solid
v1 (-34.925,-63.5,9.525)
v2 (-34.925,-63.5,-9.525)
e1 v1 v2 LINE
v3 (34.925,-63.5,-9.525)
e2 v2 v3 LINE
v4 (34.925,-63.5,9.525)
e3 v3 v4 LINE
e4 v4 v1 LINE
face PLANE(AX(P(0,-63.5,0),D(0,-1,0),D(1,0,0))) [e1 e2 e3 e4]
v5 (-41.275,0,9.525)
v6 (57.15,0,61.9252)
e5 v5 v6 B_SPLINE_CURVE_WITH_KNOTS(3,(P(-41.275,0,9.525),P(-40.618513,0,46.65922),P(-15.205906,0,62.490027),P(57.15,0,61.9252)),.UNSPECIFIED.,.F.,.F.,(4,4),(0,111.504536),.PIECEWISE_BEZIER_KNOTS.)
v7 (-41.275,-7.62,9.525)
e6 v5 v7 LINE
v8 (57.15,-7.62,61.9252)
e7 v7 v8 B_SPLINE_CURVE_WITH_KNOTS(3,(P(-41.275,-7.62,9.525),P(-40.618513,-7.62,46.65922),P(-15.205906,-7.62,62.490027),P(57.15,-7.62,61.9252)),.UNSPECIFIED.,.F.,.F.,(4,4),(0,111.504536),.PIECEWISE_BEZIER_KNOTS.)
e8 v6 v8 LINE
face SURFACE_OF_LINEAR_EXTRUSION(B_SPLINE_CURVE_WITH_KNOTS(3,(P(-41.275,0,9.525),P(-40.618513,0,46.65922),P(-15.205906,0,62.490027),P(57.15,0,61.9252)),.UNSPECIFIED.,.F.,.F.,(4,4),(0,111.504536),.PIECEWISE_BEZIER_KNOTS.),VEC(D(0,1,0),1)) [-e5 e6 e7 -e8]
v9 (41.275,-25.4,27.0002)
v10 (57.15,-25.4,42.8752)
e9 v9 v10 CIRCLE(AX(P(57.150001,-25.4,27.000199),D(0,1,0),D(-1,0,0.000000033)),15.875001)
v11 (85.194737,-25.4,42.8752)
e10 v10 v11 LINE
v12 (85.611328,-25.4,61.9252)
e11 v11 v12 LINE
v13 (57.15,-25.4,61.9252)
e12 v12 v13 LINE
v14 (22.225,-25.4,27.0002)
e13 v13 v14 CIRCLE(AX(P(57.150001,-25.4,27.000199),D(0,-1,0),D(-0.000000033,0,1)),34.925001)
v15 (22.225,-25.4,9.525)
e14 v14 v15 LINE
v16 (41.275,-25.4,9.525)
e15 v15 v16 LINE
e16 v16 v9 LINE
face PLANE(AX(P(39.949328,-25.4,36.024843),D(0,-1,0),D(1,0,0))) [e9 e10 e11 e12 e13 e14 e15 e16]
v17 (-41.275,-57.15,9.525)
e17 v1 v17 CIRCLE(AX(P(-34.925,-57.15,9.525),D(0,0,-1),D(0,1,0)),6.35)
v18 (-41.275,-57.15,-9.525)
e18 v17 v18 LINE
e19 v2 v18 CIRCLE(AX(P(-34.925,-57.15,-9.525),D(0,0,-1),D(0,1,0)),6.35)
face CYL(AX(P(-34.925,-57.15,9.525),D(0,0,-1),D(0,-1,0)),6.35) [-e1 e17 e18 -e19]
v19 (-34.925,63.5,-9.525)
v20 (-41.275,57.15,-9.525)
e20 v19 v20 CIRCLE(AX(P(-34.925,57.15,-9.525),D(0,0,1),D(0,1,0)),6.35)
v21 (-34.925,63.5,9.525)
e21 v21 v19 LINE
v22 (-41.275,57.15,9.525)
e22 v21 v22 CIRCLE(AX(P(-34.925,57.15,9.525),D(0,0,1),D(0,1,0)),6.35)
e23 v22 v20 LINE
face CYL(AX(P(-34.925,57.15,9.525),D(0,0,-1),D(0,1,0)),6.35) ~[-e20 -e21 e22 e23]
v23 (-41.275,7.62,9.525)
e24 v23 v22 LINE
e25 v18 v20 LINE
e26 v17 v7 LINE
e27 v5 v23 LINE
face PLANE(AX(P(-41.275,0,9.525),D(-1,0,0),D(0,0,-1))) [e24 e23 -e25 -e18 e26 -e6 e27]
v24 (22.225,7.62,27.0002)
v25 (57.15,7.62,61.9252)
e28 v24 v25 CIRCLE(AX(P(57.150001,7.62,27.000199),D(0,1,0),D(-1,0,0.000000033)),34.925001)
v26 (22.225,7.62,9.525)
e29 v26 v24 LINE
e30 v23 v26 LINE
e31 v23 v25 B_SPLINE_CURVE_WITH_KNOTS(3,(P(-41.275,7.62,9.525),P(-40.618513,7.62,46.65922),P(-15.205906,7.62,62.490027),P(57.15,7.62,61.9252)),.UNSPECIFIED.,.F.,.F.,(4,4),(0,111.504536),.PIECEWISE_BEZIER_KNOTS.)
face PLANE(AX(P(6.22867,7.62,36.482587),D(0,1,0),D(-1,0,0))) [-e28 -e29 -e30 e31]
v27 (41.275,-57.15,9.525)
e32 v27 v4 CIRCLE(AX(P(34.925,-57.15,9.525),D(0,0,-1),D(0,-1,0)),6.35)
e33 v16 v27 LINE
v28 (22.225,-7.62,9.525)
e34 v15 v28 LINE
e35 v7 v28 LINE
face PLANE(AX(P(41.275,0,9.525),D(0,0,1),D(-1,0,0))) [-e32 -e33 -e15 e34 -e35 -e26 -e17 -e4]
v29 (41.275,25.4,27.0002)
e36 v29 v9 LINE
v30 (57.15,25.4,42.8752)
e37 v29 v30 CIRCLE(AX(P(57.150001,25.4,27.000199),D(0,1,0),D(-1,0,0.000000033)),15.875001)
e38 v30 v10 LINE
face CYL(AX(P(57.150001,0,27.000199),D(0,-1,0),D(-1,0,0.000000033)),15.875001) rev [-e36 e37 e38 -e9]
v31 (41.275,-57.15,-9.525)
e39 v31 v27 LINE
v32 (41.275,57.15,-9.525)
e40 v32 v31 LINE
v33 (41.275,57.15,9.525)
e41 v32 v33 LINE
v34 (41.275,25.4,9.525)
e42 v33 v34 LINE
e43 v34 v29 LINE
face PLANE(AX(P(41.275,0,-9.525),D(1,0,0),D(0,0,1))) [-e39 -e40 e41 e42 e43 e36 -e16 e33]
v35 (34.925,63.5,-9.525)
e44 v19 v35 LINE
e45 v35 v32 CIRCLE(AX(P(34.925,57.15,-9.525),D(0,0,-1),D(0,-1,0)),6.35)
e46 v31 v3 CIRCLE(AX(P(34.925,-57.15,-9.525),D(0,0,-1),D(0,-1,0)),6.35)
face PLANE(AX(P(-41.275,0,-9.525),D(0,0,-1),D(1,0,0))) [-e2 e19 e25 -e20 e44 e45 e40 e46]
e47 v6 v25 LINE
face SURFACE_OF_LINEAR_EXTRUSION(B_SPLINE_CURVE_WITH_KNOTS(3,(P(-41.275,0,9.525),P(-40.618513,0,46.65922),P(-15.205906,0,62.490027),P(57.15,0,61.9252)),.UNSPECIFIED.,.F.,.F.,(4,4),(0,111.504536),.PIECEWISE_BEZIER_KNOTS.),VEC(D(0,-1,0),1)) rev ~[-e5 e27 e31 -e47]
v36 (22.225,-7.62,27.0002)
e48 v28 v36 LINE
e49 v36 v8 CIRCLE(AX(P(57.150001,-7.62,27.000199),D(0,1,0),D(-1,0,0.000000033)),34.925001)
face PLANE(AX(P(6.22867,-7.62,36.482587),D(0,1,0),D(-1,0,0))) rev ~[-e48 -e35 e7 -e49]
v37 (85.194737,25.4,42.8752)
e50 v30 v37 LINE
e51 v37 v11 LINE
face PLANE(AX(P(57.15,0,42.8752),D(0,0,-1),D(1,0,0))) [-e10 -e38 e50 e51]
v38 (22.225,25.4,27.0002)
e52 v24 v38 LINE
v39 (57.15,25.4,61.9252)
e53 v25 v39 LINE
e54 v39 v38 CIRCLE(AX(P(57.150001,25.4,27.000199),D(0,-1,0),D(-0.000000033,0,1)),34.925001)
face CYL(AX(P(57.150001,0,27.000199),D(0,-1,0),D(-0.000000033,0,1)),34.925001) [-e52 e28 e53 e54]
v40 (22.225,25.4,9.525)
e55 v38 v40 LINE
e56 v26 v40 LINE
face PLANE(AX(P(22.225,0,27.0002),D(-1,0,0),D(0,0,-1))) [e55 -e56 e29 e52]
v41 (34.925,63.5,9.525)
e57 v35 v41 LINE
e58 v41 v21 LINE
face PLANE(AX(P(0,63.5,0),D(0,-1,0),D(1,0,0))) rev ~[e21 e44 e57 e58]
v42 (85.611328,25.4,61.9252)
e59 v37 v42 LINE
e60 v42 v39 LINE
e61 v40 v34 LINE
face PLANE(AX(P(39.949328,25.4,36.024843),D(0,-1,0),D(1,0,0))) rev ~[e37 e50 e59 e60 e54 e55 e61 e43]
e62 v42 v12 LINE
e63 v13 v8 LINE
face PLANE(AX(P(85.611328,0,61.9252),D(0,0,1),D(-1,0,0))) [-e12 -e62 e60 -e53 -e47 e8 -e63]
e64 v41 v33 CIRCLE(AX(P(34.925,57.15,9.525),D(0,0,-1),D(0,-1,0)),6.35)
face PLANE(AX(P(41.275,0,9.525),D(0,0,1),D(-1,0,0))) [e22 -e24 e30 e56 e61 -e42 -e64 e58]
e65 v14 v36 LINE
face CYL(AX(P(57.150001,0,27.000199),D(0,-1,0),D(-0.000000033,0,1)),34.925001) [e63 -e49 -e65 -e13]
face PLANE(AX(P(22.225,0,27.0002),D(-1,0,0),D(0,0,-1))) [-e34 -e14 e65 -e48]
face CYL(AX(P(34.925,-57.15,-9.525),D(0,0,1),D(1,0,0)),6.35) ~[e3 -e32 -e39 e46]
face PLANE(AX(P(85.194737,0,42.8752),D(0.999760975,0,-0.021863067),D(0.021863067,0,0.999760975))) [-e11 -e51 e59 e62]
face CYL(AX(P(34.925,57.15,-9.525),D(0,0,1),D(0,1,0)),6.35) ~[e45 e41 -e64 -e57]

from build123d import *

# Parameters (mm, degrees)
F1_DEPTH = 63.5
F2_DEPTH = 25.4
F3_DEPTH = 7.62
F4_R     = 6.35


with BuildPart() as f1:
    # F0 (on Front) → F1 (new body, symmetric)
    with BuildSketch(Plane.XZ):
        Polygon((-41.275, -9.525), (41.275, -9.525), (41.275, 9.525), (22.225, 9.525), (-41.275, 9.525), align=None)
    extrude(amount=F1_DEPTH, both=True)

    # F0 (on Front) → F2 (join, symmetric)
    with BuildSketch(Plane.XZ):
        with BuildLine():
            Line((22.225, 9.525), (41.275, 9.525))
            Line((41.275, 9.525), (41.275, 27.0002))
            ThreePointArc((41.275, 27.0002), (45.92468, 38.22552), (57.15, 42.8752))
            Line((57.15, 42.8752), (60.325, 42.8752))
            Line((60.325, 42.8752), (60.325, 61.9252))
            Line((60.325, 61.9252), (57.15, 61.9252))
            ThreePointArc((57.15, 61.9252), (32.454296, 51.695904), (22.225, 27.0002))
            Line((22.225, 27.0002), (22.225, 9.525))
        make_face()
        Polygon((85.611328, 61.9252), (60.325, 61.9252), (60.325, 42.8752), (85.194737, 42.8752), align=None)
    extrude(amount=F2_DEPTH, both=True)

    # F0 (on Front) → F3 (join, symmetric)
    with BuildSketch(Plane.XZ):
        with BuildLine():
            add(Edge.make_bspline(
                [(-41.275, 9.525), (-40.618513, 46.65922), (-15.205906, 62.490027), (57.15, 61.9252)],
                knots=[0, 0, 0, 0, 111.504536, 111.504536, 111.504536, 111.504536], degree=3))
            Line((-41.275, 9.525), (22.225, 9.525))
            Line((22.225, 9.525), (22.225, 27.0002))
            ThreePointArc((22.225, 27.0002), (32.454296, 51.695904), (57.15, 61.9252))
        make_face()
    extrude(amount=F3_DEPTH, both=True)

    # F4
    f4_edges = [f1.edges().sort_by_distance(p)[0] for p in [
        (41.275, -63.5, 0),
        (41.275, 63.5, 0),
        (-41.275, -63.5, 0),
        (-41.275, 63.5, 0),
    ]]
    fillet(f4_edges, radius=F4_R)


solid = f1.part
